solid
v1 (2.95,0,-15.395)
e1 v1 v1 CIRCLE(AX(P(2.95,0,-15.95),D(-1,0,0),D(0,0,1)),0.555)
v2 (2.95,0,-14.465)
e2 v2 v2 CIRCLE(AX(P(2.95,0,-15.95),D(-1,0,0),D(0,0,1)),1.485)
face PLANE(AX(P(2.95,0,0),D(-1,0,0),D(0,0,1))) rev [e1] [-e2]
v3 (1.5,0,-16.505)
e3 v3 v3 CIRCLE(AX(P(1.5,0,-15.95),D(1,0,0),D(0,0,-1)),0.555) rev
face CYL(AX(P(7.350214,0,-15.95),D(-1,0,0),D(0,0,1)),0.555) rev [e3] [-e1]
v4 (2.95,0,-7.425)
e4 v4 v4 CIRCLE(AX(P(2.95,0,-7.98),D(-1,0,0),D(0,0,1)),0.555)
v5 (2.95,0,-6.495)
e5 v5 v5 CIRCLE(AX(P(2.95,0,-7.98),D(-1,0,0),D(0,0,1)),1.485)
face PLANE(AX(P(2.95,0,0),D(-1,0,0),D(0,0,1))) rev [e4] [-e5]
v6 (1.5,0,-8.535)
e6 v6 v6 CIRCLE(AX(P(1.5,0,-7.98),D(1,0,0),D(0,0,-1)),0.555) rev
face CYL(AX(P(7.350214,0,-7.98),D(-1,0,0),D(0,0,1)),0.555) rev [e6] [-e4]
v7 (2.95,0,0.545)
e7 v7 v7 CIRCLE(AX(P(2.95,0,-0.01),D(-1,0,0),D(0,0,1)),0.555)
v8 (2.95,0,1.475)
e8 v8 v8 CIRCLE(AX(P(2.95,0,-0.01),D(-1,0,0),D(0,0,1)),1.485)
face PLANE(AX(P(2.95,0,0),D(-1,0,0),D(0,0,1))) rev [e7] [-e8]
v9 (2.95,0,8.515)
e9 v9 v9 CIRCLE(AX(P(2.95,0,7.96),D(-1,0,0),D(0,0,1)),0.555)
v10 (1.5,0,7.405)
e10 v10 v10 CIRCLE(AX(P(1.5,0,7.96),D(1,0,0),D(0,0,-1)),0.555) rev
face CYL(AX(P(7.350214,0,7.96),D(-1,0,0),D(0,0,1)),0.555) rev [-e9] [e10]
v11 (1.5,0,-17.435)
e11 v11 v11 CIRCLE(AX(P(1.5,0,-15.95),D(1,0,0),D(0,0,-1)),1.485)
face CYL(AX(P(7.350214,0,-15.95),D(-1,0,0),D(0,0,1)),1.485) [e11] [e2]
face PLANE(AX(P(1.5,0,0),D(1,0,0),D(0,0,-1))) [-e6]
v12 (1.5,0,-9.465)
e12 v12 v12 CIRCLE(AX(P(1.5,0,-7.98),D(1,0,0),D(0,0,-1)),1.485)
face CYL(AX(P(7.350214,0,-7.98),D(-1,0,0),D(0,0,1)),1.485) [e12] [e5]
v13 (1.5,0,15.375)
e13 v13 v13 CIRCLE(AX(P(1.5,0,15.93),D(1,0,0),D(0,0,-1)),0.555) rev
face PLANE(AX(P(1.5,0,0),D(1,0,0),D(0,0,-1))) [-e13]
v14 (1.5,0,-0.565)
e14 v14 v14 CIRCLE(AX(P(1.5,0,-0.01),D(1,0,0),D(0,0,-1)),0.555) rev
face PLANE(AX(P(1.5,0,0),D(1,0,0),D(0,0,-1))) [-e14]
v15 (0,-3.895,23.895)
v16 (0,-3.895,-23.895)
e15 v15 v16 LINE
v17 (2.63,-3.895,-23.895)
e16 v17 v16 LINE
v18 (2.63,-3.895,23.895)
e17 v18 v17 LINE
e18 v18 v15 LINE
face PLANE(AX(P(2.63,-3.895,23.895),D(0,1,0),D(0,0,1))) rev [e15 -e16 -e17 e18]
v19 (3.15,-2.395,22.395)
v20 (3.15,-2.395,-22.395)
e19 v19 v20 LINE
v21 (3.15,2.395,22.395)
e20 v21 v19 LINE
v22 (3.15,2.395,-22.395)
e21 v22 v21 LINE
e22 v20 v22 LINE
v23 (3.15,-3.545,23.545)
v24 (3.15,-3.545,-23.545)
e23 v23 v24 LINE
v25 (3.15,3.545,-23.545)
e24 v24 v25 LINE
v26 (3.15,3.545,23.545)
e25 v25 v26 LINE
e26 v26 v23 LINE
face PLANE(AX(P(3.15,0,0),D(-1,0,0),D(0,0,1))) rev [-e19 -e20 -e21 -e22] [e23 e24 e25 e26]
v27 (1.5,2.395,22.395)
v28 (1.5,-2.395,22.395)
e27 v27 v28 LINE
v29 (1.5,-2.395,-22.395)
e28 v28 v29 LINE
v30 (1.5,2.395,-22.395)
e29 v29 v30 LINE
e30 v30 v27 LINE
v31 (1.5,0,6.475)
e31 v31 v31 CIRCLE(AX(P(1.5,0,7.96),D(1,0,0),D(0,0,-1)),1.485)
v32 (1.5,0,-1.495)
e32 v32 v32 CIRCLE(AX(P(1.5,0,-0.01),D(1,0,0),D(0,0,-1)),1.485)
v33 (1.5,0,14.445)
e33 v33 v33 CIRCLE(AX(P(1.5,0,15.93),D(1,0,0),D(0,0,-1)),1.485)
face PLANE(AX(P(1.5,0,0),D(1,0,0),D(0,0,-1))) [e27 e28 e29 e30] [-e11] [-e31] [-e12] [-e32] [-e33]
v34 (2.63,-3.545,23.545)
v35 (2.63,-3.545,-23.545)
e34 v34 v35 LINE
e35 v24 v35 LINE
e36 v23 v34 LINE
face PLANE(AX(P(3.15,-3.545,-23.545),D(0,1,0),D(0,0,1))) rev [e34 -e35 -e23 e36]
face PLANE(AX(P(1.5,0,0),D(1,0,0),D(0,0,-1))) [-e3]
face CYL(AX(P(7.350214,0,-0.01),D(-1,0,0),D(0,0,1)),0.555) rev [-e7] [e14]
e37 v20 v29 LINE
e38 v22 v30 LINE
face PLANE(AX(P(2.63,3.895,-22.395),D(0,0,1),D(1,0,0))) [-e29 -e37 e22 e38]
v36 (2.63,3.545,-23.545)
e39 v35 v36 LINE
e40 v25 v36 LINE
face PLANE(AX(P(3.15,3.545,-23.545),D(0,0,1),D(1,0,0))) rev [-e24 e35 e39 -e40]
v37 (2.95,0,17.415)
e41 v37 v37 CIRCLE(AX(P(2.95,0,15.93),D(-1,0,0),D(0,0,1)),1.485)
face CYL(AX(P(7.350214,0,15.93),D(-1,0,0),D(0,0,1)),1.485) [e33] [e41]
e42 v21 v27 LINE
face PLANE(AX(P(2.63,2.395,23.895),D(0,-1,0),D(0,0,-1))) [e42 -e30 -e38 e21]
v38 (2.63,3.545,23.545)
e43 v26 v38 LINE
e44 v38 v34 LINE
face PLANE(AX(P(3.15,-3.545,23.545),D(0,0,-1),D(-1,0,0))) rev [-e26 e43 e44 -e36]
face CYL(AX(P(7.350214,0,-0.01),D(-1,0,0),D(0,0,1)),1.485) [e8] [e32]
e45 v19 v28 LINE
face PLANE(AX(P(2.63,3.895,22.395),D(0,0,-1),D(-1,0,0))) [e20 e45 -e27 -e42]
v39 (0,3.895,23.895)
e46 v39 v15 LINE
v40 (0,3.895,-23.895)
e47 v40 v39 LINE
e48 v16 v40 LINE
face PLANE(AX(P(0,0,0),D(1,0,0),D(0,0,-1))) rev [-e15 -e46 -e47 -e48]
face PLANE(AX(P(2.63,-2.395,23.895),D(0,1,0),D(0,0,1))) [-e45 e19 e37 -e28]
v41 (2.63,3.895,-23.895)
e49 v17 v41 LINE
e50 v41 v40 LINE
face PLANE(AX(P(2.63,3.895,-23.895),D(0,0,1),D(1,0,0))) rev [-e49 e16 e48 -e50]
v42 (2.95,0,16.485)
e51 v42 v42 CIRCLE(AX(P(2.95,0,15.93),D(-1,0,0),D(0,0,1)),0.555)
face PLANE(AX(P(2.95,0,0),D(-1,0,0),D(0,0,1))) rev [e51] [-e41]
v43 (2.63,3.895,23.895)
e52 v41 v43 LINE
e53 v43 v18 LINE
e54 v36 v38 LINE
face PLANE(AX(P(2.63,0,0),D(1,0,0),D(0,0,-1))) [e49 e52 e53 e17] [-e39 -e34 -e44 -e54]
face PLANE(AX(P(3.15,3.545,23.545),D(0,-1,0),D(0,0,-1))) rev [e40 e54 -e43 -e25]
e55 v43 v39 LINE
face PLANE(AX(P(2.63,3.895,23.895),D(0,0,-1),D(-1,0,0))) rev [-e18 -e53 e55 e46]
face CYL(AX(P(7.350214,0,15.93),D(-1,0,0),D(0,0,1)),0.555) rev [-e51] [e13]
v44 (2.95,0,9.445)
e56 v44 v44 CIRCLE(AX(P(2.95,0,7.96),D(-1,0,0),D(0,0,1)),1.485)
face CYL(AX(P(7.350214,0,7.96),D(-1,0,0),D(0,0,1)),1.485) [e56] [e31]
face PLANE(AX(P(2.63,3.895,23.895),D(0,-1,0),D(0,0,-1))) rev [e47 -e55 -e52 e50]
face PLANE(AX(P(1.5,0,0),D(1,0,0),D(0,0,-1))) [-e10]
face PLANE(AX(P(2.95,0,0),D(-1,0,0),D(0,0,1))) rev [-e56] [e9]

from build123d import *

# Parameters (mm, degrees)
SKETCH1_W           = 47.79
SKETCH1_H           = 7.79
BOSS_EXTRUDE1_DEPTH = 2.63
SHELL1_T            = -1.5
SKETCH2_W           = 47.09
SKETCH2_H           = 7.09
SKETCH2_W_2         = 44.79
SKETCH2_H_2         = 4.79
BOSS_EXTRUDE2_DEPTH = 0.52
SKETCH3_R           = 1.485
SKETCH3_R_2         = 0.555
BOSS_EXTRUDE3_DEPTH = 1.45


with BuildPart() as part:
    # Sketch1 → Boss-Extrude1 (new body)
    with BuildSketch(Plane(origin=(0, 0, 0), x_dir=(0, 0, -1), z_dir=(1, 0, 0))):
        Rectangle(SKETCH1_W, SKETCH1_H)
    extrude(amount=BOSS_EXTRUDE1_DEPTH)

    # Shell1
    shell1_openings = [part.faces().sort_by_distance(p)[0] for p in [
        (2.63, 0, 0),
    ]]
    offset(amount=SHELL1_T, openings=shell1_openings, kind=Kind.INTERSECTION)

    # Sketch2 → Boss-Extrude2 (add)
    with BuildSketch(Plane(origin=(2.63, 0, 0), x_dir=(0, 0, -1), z_dir=(1, 0, 0))):
        Rectangle(SKETCH2_W, SKETCH2_H)
        Rectangle(SKETCH2_W_2, SKETCH2_H_2, mode=Mode.SUBTRACT)
    extrude(amount=BOSS_EXTRUDE2_DEPTH)

    # Sketch3 → Boss-Extrude3 (add)
    # profile 1 of 5: a face of its own
    with BuildSketch(Plane(origin=(1.5, 0, 0), x_dir=(0, 0, -1), z_dir=(1, 0, 0))):
        with Locations(Location((-15.93, 0, 0), (0, 0, 180))):
            Circle(SKETCH3_R)
        with Locations(Location((-15.93, 0, 0), (0, 0, 180))):
            Circle(SKETCH3_R_2, mode=Mode.SUBTRACT)
    # profile 2 of 5: a face of its own
    with BuildSketch(Plane(origin=(1.5, 0, 0), x_dir=(0, 0, -1), z_dir=(1, 0, 0))):
        with Locations(Location((-7.96, 0, 0), (0, 0, 180))):
            Circle(SKETCH3_R)
        with Locations(Location((-7.96, 0, 0), (0, 0, 180))):
            Circle(SKETCH3_R_2, mode=Mode.SUBTRACT)
    # profile 3 of 5: a face of its own
    with BuildSketch(Plane(origin=(1.5, 0, 0), x_dir=(0, 0, -1), z_dir=(1, 0, 0))):
        with Locations(Location((0.01, 0, 0), (0, 0, 180))):
            Circle(SKETCH3_R)
        with Locations(Location((0.01, 0, 0), (0, 0, 180))):
            Circle(SKETCH3_R_2, mode=Mode.SUBTRACT)
    # profile 4 of 5: a face of its own
    with BuildSketch(Plane(origin=(1.5, 0, 0), x_dir=(0, 0, -1), z_dir=(1, 0, 0))):
        with Locations(Location((7.98, 0, 0), (0, 0, 180))):
            Circle(SKETCH3_R)
        with Locations(Location((7.98, 0, 0), (0, 0, 180))):
            Circle(SKETCH3_R_2, mode=Mode.SUBTRACT)
    # profile 5 of 5: a face of its own
    with BuildSketch(Plane(origin=(1.5, 0, 0), x_dir=(0, 0, -1), z_dir=(1, 0, 0))):
        with Locations(Location((15.95, 0, 0), (0, 0, 180))):
            Circle(SKETCH3_R)
        with Locations(Location((15.95, 0, 0), (0, 0, 180))):
            Circle(SKETCH3_R_2, mode=Mode.SUBTRACT)
    extrude(amount=BOSS_EXTRUDE3_DEPTH)


solid = part.part
